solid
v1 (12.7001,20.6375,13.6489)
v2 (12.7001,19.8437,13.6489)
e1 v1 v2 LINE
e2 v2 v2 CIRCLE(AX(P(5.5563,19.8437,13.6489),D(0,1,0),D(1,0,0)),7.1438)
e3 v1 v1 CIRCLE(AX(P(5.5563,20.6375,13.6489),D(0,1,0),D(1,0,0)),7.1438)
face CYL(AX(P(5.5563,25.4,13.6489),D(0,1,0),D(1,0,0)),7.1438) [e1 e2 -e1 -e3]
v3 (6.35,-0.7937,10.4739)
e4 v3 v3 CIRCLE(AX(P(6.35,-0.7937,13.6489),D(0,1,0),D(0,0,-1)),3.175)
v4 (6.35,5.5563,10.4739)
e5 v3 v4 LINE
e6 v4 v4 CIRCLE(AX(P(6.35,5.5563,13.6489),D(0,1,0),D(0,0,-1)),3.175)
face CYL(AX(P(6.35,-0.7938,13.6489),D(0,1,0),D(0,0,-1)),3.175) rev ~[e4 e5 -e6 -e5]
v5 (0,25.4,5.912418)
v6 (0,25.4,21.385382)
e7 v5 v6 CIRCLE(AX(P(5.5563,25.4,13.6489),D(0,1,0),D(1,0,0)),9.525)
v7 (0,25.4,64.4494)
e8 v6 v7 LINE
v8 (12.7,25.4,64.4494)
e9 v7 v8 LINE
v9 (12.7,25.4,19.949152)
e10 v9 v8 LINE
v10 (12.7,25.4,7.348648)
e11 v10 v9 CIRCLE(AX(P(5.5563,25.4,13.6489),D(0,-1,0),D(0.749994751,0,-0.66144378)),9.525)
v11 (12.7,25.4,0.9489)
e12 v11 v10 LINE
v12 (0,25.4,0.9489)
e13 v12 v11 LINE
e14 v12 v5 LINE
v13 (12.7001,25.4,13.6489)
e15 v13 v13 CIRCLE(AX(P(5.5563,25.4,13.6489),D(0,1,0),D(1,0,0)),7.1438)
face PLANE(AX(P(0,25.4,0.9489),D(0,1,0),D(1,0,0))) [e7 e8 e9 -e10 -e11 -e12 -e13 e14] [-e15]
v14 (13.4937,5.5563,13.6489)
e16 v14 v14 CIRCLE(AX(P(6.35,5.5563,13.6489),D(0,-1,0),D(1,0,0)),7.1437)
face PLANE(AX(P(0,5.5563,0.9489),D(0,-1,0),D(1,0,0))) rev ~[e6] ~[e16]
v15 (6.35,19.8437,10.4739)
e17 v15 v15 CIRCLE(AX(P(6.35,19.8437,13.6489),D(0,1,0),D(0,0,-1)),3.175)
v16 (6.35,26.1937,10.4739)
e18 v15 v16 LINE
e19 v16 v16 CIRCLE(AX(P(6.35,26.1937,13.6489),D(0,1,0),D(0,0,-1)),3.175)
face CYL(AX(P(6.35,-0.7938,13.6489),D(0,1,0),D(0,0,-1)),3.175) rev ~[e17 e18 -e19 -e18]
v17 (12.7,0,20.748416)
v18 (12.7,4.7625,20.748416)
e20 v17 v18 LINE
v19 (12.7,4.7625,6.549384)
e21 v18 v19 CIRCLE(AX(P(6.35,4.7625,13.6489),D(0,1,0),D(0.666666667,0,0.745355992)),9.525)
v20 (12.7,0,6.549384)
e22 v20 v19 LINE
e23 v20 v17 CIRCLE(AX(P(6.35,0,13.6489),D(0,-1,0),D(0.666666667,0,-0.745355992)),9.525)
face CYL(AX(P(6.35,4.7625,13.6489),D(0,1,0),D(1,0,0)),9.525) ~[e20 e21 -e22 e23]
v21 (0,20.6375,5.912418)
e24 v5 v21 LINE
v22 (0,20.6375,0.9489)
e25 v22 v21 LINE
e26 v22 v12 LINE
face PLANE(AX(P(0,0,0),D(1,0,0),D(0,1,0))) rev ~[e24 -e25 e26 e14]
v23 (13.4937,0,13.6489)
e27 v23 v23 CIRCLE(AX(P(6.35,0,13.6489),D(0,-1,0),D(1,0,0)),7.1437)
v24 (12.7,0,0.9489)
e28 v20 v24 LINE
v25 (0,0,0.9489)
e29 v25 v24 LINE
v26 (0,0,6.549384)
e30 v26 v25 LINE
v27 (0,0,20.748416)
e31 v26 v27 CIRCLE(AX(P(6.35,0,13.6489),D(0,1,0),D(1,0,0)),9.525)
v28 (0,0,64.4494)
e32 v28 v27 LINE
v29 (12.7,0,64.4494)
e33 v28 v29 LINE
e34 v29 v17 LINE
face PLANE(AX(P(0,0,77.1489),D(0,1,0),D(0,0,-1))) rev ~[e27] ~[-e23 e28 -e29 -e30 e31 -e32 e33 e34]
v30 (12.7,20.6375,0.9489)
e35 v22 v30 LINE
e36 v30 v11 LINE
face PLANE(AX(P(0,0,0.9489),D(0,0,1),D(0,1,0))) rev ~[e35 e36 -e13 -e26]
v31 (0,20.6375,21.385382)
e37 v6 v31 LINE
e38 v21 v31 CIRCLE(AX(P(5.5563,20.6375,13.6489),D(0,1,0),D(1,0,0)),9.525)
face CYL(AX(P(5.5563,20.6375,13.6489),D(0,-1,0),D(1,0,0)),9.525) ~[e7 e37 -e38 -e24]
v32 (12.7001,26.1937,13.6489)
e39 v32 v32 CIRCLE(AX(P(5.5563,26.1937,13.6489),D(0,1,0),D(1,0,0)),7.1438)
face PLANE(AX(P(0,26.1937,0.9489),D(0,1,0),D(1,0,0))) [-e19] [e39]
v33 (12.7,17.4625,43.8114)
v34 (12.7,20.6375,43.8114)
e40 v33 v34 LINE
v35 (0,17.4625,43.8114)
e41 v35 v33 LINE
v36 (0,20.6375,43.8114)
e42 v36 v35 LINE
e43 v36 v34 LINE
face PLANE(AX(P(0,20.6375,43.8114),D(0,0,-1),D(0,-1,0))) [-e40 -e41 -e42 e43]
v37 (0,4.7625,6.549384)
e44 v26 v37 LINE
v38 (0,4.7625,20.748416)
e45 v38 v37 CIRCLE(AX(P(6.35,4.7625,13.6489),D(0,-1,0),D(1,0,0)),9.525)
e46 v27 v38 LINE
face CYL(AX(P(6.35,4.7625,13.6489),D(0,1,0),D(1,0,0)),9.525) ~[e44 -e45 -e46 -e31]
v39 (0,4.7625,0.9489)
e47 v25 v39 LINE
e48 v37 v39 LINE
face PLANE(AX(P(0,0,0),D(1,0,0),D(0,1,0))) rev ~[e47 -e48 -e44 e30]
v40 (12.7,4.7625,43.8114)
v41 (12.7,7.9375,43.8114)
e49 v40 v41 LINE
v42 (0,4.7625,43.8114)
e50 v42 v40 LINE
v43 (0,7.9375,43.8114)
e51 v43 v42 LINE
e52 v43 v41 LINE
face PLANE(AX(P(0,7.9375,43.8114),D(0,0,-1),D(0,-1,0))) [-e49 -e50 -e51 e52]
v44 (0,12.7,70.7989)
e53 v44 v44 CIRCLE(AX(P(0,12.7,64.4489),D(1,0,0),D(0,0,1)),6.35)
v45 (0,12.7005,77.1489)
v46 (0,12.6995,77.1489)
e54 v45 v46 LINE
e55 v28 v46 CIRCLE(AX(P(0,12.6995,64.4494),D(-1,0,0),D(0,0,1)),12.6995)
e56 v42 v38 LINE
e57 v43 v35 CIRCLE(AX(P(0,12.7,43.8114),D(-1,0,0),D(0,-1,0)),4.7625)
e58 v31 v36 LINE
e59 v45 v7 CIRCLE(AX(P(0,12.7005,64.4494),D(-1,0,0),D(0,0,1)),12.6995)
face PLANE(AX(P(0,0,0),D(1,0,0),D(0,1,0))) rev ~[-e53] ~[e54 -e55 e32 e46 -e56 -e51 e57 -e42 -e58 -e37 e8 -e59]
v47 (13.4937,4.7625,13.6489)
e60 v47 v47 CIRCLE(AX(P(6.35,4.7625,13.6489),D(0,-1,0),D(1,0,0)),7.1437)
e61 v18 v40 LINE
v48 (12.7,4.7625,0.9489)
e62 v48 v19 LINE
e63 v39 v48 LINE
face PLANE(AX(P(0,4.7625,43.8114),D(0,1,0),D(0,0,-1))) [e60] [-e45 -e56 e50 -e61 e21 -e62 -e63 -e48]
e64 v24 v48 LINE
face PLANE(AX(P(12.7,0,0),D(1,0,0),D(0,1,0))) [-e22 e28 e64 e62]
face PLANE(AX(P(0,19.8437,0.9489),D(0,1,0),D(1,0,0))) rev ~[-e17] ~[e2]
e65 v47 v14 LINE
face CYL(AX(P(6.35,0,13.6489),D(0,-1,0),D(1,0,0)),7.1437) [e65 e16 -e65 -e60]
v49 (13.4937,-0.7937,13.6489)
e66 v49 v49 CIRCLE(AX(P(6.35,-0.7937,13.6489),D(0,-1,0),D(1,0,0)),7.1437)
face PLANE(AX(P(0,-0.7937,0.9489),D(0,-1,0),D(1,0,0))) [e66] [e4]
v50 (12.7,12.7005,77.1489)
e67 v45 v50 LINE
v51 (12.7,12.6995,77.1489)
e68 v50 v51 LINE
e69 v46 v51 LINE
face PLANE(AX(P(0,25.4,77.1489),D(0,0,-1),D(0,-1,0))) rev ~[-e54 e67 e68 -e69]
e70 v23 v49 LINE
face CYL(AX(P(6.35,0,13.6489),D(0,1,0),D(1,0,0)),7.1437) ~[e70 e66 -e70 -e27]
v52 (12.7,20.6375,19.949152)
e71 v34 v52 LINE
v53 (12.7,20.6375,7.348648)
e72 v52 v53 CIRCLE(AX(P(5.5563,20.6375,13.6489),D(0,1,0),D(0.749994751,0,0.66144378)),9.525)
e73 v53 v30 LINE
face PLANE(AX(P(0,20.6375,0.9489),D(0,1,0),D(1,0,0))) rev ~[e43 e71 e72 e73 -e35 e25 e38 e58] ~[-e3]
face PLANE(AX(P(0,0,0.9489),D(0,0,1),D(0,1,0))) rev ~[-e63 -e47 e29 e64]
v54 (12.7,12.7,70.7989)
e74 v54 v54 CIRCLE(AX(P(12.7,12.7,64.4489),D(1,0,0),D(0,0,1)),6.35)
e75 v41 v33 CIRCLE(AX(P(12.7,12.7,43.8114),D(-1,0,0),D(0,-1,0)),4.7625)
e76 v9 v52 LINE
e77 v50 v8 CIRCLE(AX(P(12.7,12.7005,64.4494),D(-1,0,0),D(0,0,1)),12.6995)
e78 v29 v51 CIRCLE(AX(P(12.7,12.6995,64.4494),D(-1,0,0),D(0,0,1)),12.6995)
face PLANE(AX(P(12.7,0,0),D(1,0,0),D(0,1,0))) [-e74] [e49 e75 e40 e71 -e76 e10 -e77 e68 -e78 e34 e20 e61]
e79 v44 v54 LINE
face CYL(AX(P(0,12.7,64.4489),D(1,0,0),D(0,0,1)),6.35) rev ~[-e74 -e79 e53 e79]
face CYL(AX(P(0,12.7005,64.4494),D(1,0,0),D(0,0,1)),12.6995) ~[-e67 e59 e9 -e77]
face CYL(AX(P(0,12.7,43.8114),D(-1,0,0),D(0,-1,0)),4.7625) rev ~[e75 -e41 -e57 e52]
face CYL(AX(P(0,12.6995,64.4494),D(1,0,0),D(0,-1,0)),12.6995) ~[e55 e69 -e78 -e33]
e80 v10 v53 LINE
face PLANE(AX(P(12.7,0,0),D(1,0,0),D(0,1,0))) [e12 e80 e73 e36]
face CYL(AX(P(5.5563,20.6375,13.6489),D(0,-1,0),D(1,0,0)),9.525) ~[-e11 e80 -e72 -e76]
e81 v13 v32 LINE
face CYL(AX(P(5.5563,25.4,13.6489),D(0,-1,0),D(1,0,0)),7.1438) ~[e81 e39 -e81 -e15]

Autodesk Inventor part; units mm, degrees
ref_plane "YZ Plane" through (0, 0, 0) normal (1, 0, 0) x (0, 1, 0)
ref_plane "XZ Plane" through (0, 0, 0) normal (0, 1, 0) x (-1, 0, 0)
ref_plane "XY Plane" through (0, 0, 0) normal (0, 0, 1) x (1, 0, 0)
sketch "Sketch1" plane through (0, 0, 0) normal (1, 0, 0) x (0, 1, 0)
  line L0 (0, 0.9489) -> (25.4, 0.9489)
  line L1 (25.4, 0.9489) -> (25.4, 77.1489)
  line L2 (25.4, 77.1489) -> (0, 77.1489)
  line L3 (0, 77.1489) -> (0, 0.9489)
  point P0 (0, 0)
  dimension "d0" = 25.4
  dimension "d1" = 76.2
extrude "Extrusion1" add sketch "Sketch1" along normal blind 12.7
sketch "Sketch2" plane through (0, 0, 0) normal (-1, 0, 0) x (0, 0, 1)
  line L0 (77.1489, 25.4) -> (77.1489, 0) projected
  line L1 (0.9489, 25.4) -> (77.1489, 25.4) projected
  point P0 (0, 0)
  point P1 (64.4489, 12.7)
  dimension "d4" = 12.7
  dimension "d5" = 12.7
hole "Hole1" at (0, 12.7, 64.4489) direction (1, 0, 0) diameter 12.7 end through all
fillet "Fillet1" radius 12.7 2 edges at (6.35, 25.4, 77.1489) (6.35, 0, 77.1489)
sketch "Sketch3" plane through (0, 0, 0) normal (-1, 0, 0) x (0, 0, 1)
  line L0 (0.9489, 25.4) -> (64.4489, 25.4) projected
  line L1 (0.9489, 0) -> (0.9489, 25.4) projected
  line L2 (64.4489, 0) -> (0.9489, 0) projected
  line L3 (0.9489, 20.6375) -> (43.8114, 20.6375)
  line L4 (43.8114, 4.7625) -> (0.9489, 4.7625)
  line L5 (0.9489, 4.7625) -> (0.9489, 20.6375)
  arc A0 (43.8114, 7.9375) -> (43.8114, 17.4625) centre (43.8114, 12.7) ccw
  line L6 (43.8114, 20.6375) -> (43.8114, 17.4625)
  line L7 (43.8114, 7.9375) -> (43.8114, 4.7625)
  point P0 (0, 0)
  dimension "d15" = 4.7625
  dimension "d16" = 4.7625
  dimension "d18" = 3.175
  dimension "d19" = 3.175
  dimension "d20" = 4.7625
  dimension "d21" = 42.8625
extrude "Extrusion2" cut sketch "Sketch3" against normal through all
sketch "Sketch4" plane through (0, 0, 0.9489) normal (0, -1, 0) x (1, 0, 0)
  line L0 (0, 0) -> (12.7, 0) projected
  circle A0 centre (6.35, 12.7) radius 9.525
  line L1 (12.7, 63.5) -> (12.7, 0) projected
  point P0 (0, -0.9489)
  dimension "d24" = 12.7
  dimension "d25" = 19.05
  dimension "d49" = 6.35
extrude "Extrusion3" add sketch "Sketch4" along normal up to surface (4.7625 mm away) from surface at -4.7625
sketch "Sketch5" plane through (0, 25.4, 0.9489) normal (0, 1, 0) x (1, 0, 0)
  circle A0 centre (5.5563, -12.7) radius 9.525
  point P0 (12.7, 0)
  point P1 (0, 0.9489)
  dimension "d28" = 19.05
  dimension "d29" = 12.7
extrude "Extrusion4" add sketch "Sketch5" along normal up to surface (4.7625 mm away) from surface at -4.7625
sketch "Sketch6" plane through (0, 25.4, 0.9489) normal (0, 1, 0) x (1, 0, 0)
  arc A0 (12.7, -19.0002) -> (12.7, -6.3998) centre (5.5563, -12.7) ccw projected
  circle A1 centre (5.5563, -12.7) radius 7.1438
  point P0 (0, 0.9489)
  dimension "d32" = 14.2875
extrude "Extrusion5" add sketch "Sketch6" along normal blind 0.7937 and the other way blind 5.5563
sketch "Sketch7" plane through (0, 0, 0.9489) normal (0, -1, 0) x (1, 0, 0)
  arc A0 (12.7, 5.6005) -> (12.7, 19.7995) centre (6.35, 12.7) ccw projected
  circle A1 centre (6.35, 12.7) radius 7.1437
  point P0 (0, -0.9489)
  dimension "d37" = 14.2875
extrude "Extrusion6" add sketch "Sketch7" along normal blind 0.7937 and the other way blind 5.5563
sketch "Sketch8" plane through (6.35, -0.7938, 13.6489) normal (0, -1, 0) x (1, 0, 0)
  circle A0 centre (0, 0) radius 7.1437 projected
  point P0 (-6.35, -13.6489)
hole "Hole2" at (6.35, -0.7938, 13.6489) direction (0, 1, 0) diameter 6.35 end through all
properties part number "pulley hook" material "Acetal Resin, Black"
